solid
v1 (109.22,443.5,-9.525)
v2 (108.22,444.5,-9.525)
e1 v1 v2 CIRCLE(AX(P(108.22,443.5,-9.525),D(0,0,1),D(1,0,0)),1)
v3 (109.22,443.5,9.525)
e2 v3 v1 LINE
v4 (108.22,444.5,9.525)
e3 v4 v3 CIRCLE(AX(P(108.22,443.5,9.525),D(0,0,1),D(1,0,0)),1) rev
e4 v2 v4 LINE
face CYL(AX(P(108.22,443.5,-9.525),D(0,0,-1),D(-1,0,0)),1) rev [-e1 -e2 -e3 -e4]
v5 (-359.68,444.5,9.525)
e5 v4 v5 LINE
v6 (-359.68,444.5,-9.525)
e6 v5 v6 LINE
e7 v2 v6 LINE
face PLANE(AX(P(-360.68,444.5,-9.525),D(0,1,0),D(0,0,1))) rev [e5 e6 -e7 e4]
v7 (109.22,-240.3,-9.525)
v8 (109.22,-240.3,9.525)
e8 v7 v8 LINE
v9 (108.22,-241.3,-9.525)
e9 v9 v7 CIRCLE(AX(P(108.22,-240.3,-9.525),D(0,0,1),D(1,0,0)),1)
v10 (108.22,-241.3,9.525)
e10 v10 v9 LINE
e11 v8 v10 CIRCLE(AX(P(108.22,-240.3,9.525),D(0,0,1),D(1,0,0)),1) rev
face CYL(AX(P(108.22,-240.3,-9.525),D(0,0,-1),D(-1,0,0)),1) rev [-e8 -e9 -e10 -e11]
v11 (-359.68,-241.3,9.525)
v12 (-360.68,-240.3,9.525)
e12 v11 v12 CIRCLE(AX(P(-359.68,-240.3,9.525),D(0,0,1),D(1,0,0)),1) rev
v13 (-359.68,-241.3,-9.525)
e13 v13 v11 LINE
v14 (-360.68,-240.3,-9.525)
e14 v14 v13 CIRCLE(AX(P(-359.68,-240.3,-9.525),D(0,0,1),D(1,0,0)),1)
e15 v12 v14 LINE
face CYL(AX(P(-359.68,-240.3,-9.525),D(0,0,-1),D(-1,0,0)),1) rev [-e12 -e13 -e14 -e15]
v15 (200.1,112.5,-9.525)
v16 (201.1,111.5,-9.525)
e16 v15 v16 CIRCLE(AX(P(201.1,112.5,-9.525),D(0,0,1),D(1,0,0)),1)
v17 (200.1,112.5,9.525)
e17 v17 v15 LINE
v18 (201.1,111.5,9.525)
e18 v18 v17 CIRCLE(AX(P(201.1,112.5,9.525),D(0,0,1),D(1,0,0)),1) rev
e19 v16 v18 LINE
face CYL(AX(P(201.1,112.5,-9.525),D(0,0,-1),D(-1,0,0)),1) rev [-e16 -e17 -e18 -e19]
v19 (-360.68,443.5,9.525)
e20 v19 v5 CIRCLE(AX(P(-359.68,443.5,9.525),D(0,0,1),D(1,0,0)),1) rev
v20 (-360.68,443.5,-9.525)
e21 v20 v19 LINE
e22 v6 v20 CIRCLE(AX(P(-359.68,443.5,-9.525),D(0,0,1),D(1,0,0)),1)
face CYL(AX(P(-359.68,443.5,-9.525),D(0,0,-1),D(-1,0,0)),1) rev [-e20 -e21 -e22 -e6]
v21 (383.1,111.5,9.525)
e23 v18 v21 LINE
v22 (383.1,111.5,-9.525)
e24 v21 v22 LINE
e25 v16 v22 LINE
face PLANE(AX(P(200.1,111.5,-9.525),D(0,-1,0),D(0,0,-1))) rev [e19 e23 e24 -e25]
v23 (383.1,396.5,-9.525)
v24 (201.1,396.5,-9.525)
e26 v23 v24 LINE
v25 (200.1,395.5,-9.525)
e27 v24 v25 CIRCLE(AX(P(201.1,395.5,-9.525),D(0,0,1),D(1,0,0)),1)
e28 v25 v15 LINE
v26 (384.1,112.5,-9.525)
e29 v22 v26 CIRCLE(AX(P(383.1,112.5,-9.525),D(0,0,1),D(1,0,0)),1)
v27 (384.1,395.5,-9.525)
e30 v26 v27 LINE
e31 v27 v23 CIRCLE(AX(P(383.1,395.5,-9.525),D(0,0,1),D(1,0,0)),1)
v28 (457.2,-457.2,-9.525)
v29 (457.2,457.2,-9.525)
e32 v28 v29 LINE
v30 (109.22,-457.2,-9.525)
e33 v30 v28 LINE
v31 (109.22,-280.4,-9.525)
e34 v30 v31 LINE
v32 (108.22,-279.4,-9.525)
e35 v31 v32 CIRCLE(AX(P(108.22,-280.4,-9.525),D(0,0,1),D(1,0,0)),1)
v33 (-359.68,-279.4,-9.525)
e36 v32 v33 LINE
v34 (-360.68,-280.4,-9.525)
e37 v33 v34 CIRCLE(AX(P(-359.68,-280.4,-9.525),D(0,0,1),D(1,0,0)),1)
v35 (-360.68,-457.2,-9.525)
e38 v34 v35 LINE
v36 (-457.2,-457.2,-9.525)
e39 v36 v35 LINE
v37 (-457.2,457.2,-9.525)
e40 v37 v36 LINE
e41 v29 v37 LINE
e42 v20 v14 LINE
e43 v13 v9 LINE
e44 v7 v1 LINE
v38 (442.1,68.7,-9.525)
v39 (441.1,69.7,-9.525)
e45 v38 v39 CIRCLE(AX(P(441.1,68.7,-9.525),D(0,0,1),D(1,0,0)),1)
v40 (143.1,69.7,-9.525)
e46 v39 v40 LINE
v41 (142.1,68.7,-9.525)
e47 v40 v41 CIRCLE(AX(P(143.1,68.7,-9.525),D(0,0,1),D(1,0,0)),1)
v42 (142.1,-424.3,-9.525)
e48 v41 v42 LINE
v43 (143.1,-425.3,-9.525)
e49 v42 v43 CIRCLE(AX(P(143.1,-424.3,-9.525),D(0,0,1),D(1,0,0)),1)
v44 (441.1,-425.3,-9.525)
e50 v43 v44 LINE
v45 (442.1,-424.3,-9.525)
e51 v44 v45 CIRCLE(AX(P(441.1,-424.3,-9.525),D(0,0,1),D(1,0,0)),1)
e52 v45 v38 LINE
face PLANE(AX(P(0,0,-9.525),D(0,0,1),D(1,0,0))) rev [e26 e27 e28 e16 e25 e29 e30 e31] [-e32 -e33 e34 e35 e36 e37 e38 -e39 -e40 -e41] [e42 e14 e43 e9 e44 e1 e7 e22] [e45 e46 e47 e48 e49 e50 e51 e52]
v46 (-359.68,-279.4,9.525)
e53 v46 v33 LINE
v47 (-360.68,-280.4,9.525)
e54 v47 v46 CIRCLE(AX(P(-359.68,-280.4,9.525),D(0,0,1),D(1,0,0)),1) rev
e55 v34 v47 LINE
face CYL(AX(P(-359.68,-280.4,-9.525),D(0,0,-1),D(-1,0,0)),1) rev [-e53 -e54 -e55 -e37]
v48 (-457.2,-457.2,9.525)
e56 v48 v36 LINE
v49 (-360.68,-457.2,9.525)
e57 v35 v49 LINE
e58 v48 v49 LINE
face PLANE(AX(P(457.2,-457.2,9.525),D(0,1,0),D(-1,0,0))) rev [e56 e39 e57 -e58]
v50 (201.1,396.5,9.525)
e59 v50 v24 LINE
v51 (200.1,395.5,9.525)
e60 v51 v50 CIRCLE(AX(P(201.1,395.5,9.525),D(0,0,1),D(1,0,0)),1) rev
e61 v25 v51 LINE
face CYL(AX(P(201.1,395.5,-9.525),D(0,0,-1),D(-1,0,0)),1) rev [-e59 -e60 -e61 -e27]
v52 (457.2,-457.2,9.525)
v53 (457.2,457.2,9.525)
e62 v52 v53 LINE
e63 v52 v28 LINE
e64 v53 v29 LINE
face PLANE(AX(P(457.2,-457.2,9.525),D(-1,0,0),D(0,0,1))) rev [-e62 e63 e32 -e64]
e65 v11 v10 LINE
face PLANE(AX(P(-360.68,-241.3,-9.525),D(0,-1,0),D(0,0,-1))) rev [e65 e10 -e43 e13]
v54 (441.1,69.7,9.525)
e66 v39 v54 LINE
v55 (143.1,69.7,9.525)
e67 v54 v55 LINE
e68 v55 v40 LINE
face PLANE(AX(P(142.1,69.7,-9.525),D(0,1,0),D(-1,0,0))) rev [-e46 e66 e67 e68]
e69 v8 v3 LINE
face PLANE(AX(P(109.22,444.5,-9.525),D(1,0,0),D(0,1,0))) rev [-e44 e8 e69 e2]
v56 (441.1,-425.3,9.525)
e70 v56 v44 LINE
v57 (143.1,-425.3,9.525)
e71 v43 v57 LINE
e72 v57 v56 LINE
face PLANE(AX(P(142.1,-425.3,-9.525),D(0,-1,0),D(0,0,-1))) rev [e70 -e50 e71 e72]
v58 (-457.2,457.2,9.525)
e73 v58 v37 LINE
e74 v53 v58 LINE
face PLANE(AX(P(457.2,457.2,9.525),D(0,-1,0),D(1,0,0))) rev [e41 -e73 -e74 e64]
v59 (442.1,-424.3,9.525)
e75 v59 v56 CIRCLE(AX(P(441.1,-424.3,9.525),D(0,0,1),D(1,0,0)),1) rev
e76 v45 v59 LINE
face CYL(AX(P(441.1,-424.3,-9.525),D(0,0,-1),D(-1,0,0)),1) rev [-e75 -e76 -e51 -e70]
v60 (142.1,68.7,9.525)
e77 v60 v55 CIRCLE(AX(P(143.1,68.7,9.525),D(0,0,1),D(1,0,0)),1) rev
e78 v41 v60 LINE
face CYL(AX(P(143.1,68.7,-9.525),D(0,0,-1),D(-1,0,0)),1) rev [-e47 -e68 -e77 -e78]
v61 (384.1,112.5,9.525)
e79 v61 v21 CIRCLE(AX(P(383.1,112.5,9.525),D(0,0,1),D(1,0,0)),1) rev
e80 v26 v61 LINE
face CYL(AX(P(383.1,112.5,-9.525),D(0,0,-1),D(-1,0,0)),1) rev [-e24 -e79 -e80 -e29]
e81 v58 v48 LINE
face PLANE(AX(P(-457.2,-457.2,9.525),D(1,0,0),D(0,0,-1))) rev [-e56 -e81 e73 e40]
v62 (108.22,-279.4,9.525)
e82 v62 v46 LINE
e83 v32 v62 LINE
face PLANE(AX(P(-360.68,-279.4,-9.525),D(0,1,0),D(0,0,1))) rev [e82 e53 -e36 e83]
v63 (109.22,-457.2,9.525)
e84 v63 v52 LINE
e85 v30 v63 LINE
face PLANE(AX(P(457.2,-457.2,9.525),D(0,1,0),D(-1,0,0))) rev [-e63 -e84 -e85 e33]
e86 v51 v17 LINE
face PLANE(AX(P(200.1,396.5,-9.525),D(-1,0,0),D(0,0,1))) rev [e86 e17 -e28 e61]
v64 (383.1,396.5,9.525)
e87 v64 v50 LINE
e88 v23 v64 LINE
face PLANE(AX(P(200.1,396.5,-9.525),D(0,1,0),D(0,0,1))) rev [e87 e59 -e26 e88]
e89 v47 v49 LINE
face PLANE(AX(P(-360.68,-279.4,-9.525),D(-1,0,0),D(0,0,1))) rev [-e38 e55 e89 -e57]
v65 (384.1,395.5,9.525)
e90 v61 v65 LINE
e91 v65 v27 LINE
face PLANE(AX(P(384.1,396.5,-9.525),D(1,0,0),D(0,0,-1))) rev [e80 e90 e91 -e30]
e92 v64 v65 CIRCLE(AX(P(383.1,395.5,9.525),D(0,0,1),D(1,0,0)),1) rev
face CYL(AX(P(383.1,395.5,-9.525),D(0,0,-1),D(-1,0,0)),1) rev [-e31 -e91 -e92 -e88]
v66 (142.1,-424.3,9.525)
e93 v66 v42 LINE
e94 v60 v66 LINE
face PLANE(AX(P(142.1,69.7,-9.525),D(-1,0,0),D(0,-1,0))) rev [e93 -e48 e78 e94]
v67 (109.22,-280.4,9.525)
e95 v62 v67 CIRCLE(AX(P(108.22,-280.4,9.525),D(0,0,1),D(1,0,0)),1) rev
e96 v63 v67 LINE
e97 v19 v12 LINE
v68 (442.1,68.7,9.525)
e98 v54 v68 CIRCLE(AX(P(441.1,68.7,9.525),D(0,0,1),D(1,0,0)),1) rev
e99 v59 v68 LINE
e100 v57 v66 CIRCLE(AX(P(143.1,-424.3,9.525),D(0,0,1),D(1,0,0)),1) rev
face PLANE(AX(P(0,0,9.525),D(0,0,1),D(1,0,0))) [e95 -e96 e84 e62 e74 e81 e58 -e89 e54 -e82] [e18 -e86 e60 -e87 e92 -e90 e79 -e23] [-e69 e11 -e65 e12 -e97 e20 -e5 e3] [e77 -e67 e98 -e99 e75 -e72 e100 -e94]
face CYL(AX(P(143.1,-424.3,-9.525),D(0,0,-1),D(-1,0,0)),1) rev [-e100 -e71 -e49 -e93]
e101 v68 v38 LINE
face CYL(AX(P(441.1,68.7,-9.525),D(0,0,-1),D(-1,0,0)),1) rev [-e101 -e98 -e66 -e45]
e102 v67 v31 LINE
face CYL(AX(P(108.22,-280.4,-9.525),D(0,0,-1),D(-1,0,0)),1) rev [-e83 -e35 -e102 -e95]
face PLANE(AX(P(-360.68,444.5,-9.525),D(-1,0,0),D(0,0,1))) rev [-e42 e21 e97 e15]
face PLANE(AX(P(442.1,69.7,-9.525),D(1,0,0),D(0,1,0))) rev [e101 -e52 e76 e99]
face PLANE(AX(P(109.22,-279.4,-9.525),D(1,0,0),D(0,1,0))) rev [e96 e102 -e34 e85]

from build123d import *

# Parameters (mm, degrees)
SKETCH1_W           = 914.4
SKETCH1_H           = 914.4
BOSS_EXTRUDE1_DEPTH = 9.525
SKETCH2_W           = 184
SKETCH2_H           = 285
SKETCH2_W_2         = 300
SKETCH2_H_2         = 495
SKETCH2_W_3         = 469.9
SKETCH2_H_3         = 685.8
SKETCH2_H_4         = 177.8
CUT_EXTRUDE1_DEPTH  = 647.859012846
FILLET1_R           = 1


with BuildPart() as part:
    # Sketch1 → Boss-Extrude1 (new, symmetric)
    with BuildSketch(Plane.XY):
        Rectangle(SKETCH1_W, SKETCH1_H)
    extrude(amount=BOSS_EXTRUDE1_DEPTH, both=True)

    # Sketch2 → Cut-Extrude1 (cut, through all)
    with BuildSketch(Plane.XY.offset(9.525)):
        with Locations((292.1, 254)):
            Rectangle(SKETCH2_W, SKETCH2_H)
        with Locations((292.1, -177.8)):
            Rectangle(SKETCH2_W_2, SKETCH2_H_2)
        with Locations((-125.73, 101.6)):
            Rectangle(SKETCH2_W_3, SKETCH2_H_3)
        with Locations((-125.73, -368.3)):
            Rectangle(SKETCH2_W_3, SKETCH2_H_4)
    extrude(amount=-CUT_EXTRUDE1_DEPTH, mode=Mode.SUBTRACT)

    # Fillet1
    fillet1_edges = [part.edges().sort_by_distance(p)[0] for p in [
        (142.1, -425.3, 0),
        (142.1, 69.7, 0),
        (442.1, 69.7, 0),
        (442.1, -425.3, 0),
        (-360.68, -241.3, 0),
        (-360.68, 444.5, 0),
        (109.22, 444.5, 0),
        (109.22, -241.3, 0),
        (-360.68, -279.4, 0),
        (109.22, -279.4, 0),
        (200.1, 111.5, 0),
        (200.1, 396.5, 0),
        (384.1, 396.5, 0),
        (384.1, 111.5, 0),
    ]]
    fillet(fillet1_edges, radius=FILLET1_R)


solid = part.part
